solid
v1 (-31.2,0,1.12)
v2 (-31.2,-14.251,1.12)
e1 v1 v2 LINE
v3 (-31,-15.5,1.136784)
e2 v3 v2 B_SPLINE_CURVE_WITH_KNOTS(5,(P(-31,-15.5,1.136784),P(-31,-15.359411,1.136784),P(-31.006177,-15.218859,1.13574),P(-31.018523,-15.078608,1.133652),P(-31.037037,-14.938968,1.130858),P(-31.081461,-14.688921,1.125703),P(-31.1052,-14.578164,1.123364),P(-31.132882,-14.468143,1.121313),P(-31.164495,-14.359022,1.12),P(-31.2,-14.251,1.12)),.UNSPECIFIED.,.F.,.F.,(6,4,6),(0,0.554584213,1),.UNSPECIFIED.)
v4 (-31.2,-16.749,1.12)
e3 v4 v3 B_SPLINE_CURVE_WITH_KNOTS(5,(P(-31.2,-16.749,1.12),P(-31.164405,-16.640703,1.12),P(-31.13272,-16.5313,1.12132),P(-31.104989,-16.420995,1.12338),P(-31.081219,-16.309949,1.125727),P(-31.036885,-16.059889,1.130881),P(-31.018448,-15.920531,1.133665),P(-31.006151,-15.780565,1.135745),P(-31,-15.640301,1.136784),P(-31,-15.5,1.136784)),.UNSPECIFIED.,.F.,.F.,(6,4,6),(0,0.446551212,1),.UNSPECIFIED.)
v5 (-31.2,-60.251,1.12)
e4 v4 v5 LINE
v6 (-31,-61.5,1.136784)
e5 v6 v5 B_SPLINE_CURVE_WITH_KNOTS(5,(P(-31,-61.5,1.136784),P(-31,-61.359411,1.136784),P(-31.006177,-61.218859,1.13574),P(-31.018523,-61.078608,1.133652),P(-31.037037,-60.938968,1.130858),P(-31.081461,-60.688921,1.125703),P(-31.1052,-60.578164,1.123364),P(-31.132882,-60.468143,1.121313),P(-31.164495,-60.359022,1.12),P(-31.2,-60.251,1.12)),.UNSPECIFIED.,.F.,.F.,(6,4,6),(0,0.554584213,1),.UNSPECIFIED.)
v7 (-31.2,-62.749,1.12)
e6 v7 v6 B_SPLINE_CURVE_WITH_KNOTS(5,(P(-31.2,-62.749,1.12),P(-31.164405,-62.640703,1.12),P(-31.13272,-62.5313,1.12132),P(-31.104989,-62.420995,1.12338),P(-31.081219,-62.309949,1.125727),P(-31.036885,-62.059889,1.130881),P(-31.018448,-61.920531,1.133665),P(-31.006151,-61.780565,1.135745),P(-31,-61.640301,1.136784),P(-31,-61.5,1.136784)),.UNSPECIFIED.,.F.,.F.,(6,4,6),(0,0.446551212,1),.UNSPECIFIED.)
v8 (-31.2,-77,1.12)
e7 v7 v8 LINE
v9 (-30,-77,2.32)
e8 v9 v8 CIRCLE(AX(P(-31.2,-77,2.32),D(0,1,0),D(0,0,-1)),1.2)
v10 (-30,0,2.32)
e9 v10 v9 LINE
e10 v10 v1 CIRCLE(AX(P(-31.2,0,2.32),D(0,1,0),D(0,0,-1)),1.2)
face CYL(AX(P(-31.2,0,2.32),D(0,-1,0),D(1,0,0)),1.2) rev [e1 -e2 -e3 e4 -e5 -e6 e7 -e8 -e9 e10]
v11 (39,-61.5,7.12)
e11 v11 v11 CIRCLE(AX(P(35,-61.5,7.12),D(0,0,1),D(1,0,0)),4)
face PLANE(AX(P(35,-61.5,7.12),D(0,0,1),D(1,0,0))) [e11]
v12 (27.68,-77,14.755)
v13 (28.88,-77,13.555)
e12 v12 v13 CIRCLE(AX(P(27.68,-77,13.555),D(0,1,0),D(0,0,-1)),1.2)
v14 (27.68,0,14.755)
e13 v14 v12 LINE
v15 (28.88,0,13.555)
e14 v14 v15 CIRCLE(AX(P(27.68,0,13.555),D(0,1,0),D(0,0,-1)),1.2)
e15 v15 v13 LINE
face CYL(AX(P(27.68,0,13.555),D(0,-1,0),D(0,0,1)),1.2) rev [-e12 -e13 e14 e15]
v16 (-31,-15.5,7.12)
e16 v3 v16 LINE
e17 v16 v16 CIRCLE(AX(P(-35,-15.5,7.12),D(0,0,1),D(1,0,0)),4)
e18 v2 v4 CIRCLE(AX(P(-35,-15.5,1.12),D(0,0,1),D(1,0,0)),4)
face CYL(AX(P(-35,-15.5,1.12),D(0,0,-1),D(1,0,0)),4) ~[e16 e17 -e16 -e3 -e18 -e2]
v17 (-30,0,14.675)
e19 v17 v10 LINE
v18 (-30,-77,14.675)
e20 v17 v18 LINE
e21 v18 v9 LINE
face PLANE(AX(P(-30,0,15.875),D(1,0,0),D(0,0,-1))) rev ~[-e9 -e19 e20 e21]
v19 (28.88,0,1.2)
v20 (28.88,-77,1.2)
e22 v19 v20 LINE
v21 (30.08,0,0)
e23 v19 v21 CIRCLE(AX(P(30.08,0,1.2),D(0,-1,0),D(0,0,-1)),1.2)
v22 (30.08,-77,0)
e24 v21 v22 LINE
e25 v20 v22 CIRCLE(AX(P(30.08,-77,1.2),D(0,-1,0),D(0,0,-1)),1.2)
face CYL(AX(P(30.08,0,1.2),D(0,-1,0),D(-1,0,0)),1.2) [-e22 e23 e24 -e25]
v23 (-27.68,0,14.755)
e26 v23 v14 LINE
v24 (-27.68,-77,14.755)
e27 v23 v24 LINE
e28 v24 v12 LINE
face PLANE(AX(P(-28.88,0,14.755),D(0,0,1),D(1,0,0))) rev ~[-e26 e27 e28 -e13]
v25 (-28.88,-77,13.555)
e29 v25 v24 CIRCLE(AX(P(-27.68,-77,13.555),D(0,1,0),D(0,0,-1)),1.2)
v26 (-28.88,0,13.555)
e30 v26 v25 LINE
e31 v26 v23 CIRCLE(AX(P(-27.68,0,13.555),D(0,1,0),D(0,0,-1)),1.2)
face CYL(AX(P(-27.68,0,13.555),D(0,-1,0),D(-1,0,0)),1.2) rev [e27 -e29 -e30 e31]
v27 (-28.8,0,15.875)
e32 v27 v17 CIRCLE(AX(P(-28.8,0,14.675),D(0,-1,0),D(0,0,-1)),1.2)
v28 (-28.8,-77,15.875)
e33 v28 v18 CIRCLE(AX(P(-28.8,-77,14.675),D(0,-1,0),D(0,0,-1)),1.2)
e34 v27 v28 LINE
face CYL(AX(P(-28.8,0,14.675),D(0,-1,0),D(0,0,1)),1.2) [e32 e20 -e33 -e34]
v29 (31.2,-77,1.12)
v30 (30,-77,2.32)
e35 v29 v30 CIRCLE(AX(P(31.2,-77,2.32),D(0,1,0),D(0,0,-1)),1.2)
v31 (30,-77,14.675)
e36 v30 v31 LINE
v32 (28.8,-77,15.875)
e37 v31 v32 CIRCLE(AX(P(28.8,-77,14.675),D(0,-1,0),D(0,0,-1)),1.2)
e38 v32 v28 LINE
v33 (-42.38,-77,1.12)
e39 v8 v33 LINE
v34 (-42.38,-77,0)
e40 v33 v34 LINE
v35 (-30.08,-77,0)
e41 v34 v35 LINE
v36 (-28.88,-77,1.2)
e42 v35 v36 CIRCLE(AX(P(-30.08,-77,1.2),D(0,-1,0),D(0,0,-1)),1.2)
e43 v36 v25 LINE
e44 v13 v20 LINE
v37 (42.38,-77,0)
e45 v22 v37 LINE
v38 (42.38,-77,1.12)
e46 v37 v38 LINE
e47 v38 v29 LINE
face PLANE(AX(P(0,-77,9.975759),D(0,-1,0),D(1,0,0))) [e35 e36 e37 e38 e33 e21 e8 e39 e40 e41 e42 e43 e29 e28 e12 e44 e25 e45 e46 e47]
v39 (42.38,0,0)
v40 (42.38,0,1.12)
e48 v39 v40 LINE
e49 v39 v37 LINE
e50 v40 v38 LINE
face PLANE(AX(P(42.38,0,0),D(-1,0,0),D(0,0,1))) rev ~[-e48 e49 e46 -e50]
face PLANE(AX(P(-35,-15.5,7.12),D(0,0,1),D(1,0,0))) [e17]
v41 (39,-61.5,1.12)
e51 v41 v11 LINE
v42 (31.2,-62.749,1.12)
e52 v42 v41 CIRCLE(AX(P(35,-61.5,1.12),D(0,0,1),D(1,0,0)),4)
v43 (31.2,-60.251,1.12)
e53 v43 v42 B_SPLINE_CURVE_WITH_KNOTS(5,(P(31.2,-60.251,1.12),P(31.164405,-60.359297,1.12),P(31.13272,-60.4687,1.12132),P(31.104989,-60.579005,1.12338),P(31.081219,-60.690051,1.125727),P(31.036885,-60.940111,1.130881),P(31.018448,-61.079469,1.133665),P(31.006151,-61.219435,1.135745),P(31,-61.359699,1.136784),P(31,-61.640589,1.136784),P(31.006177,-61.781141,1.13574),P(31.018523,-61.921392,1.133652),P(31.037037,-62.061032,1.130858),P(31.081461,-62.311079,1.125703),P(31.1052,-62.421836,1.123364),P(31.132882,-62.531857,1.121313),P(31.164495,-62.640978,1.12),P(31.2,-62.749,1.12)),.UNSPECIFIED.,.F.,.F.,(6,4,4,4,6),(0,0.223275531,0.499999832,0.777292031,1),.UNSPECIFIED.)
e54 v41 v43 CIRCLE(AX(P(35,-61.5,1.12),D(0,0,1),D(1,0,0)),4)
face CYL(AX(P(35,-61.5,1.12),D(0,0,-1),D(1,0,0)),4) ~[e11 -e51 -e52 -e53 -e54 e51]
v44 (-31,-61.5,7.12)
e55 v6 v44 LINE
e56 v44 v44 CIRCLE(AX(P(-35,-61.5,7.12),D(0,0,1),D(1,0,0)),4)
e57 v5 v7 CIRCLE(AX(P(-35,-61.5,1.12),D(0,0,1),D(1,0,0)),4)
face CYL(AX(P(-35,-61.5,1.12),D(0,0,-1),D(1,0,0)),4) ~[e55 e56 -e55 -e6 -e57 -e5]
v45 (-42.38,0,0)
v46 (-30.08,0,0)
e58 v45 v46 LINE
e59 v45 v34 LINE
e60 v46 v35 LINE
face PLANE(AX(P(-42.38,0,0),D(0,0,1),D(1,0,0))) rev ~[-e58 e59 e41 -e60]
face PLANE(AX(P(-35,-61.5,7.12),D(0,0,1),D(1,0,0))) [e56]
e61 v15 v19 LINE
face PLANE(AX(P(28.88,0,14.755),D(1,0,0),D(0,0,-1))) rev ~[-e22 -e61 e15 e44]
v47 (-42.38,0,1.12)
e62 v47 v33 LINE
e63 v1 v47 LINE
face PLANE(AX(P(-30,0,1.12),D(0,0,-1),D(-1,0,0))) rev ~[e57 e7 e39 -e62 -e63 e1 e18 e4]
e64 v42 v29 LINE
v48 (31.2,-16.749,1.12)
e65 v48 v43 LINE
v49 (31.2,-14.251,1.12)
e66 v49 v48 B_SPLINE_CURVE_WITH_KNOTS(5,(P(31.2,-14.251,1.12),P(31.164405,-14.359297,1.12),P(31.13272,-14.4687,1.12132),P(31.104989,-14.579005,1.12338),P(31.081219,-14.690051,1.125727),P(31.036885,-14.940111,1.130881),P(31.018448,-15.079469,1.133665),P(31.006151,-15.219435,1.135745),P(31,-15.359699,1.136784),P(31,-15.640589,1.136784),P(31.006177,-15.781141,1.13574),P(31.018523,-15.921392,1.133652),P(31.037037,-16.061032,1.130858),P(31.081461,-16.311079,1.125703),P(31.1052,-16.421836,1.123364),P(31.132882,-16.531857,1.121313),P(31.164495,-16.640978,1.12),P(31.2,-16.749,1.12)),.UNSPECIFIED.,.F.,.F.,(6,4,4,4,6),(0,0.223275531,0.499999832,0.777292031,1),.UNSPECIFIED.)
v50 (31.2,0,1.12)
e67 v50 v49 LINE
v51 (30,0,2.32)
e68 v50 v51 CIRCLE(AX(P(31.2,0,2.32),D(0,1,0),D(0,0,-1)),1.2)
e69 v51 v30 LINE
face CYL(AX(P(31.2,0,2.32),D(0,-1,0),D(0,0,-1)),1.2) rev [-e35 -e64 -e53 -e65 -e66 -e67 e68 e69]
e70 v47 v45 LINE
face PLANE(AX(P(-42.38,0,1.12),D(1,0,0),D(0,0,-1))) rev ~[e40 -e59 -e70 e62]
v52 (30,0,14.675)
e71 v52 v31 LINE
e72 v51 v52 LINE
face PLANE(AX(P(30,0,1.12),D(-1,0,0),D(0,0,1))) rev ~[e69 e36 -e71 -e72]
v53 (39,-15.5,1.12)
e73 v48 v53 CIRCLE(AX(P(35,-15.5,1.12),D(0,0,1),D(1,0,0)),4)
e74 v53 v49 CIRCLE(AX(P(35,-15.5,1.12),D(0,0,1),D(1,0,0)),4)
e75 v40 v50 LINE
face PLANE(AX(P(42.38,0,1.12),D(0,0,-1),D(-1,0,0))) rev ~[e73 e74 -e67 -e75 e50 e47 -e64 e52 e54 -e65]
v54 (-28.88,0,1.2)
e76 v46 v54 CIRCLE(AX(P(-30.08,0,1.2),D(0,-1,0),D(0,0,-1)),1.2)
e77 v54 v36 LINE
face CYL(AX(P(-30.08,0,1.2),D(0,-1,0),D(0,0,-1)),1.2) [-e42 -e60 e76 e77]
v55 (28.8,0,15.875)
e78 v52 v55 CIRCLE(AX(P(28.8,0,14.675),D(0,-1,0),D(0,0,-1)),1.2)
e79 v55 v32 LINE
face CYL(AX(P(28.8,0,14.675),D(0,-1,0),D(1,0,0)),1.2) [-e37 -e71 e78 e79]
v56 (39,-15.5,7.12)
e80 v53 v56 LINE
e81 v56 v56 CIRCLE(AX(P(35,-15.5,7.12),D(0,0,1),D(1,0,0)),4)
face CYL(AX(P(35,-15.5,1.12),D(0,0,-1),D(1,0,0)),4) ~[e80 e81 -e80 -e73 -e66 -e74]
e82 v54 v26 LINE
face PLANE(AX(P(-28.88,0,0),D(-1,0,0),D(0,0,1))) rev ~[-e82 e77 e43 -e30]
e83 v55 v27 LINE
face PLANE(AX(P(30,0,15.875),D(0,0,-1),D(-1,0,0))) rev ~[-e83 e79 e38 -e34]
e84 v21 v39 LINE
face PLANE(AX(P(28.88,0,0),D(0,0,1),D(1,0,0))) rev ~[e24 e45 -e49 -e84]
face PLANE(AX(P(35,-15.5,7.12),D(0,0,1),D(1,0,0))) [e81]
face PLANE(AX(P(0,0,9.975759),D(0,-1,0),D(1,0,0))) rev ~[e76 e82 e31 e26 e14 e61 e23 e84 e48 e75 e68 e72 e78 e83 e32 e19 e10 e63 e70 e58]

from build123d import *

# Parameters (mm, degrees)
F1_DEPTH = 77
F2_R     = 1.2
F3_R     = 4
F4_DEPTH = 6


with BuildPart() as f1:
    # F0 (on Front) → F1 (new body)
    with BuildSketch(Plane.XZ):
        Polygon((-42.38, 1.12), (-42.38, 0), (-28.88, 0), (-28.88, 14.755), (28.88, 14.755), (28.88, 0), (42.38, 0), (42.38, 1.12), (30, 1.12), (30, 15.875), (-30, 15.875), (-30, 1.12), align=None)
    extrude(amount=F1_DEPTH)

    # F2
    f2_edges = [f1.edges().sort_by_distance(p)[0] for p in [
        (-30, -38.5, 15.875),
        (30, -38.5, 15.875),
        (28.88, -38.5, 0),
        (-28.88, -38.5, 0),
        (28.88, -38.5, 14.755),
        (-28.88, -38.5, 14.755),
        (-30, -38.5, 1.12),
        (30, -38.5, 1.12),
    ]]
    fillet(f2_edges, radius=F2_R)

    # F3 (on face) → F4 (join)
    with BuildSketch(Plane.XY.offset(1.12)):
        with Locations((35, -15.5)):
            Circle(F3_R)
        with Locations((35, -61.5)):
            Circle(F3_R)
        with Locations((-35, -15.5)):
            Circle(F3_R)
        with Locations((-35, -61.5)):
            Circle(F3_R)
    extrude(amount=F4_DEPTH)


solid = f1.part
